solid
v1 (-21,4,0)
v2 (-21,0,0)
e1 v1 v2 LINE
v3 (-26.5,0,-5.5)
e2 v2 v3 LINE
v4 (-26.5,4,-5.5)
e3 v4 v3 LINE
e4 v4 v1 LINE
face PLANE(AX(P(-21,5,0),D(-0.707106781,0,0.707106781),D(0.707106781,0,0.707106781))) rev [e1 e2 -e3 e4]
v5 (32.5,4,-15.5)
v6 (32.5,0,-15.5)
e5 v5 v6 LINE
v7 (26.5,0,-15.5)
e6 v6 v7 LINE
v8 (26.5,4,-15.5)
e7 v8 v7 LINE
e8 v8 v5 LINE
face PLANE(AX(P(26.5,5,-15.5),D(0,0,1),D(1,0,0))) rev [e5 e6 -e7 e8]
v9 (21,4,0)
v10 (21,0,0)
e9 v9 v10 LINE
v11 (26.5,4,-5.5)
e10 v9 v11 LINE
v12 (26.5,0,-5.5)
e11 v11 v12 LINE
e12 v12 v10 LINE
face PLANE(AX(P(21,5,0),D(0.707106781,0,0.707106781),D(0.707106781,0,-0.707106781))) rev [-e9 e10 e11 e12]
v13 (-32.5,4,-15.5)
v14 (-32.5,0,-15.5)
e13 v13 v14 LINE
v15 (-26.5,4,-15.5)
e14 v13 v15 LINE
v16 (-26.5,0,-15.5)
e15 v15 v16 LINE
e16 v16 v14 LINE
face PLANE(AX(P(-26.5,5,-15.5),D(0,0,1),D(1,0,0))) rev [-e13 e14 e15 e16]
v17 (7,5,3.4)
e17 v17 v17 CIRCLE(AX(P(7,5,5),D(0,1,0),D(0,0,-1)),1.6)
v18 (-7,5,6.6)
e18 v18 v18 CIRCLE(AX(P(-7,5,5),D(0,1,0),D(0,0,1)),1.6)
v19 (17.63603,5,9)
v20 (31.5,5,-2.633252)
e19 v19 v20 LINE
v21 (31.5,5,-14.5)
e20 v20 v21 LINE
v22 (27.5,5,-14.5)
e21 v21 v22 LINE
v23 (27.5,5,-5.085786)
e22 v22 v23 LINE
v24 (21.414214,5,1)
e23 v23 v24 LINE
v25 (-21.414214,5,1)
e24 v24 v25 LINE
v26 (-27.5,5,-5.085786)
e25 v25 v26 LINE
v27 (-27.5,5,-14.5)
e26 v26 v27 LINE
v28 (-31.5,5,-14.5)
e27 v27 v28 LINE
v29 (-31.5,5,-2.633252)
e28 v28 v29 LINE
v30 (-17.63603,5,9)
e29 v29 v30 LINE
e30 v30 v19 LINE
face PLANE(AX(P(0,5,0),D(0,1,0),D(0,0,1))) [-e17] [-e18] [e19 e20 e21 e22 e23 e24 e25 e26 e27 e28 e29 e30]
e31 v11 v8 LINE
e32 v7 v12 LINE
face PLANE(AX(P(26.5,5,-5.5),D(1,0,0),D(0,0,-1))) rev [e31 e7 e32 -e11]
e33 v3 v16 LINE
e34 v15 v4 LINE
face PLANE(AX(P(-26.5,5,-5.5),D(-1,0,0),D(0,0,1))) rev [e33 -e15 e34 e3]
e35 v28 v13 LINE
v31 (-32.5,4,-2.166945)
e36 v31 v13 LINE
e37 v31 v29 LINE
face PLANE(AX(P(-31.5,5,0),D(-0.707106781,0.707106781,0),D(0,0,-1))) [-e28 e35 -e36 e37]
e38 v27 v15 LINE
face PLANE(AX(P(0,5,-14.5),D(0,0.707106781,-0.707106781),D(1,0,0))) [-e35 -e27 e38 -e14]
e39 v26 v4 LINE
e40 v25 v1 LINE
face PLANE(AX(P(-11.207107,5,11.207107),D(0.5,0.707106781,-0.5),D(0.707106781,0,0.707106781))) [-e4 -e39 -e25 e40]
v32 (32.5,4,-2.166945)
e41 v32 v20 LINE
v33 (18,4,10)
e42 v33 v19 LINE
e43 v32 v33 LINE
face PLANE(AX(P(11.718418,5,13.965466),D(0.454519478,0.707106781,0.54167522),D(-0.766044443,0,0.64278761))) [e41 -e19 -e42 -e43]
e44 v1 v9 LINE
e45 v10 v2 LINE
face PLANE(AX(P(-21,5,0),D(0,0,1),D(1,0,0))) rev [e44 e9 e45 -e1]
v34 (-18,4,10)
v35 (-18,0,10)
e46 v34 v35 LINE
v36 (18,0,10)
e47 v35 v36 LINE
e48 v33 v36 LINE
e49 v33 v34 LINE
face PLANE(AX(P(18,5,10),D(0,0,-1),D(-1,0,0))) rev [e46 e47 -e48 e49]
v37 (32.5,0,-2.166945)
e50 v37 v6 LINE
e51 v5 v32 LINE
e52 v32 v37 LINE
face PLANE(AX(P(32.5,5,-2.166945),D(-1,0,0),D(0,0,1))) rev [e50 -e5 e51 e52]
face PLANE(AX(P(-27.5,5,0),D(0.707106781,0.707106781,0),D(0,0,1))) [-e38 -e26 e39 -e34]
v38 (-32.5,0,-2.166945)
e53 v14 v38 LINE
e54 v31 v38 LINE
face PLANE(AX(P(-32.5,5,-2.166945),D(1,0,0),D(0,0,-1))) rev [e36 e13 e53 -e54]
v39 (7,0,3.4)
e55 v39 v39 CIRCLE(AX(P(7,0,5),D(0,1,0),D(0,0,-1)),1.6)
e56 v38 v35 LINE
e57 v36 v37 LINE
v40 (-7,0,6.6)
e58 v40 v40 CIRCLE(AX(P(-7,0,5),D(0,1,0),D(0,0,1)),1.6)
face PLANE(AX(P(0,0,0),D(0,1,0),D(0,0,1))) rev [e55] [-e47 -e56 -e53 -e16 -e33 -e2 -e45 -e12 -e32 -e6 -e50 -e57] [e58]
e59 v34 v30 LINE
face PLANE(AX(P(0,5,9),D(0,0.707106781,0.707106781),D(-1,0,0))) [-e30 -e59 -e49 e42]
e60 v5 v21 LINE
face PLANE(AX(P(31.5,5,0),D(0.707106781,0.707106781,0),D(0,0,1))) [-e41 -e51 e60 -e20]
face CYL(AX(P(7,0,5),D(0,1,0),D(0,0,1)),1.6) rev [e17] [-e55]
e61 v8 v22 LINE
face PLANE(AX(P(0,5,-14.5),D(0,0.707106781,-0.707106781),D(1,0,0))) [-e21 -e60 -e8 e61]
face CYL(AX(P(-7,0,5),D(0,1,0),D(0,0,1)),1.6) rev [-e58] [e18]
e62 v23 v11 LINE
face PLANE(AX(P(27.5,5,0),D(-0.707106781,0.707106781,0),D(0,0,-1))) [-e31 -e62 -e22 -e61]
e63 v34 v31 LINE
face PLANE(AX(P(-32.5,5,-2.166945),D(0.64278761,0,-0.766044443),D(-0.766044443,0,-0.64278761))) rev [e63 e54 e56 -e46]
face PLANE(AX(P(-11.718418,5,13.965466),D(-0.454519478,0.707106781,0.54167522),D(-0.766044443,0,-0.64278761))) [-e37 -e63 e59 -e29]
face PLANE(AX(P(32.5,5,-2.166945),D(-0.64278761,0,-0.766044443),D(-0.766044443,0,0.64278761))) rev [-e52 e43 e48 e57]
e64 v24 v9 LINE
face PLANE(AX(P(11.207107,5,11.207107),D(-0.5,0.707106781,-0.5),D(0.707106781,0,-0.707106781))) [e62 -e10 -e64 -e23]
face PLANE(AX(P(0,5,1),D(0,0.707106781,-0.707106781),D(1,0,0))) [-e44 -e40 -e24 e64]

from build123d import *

# Parameters (mm, degrees)
EXTRUDE_1_DEPTH     = 5
SKETCH_7_R          = 1.6
CUT_EXTRUDE_1_DEPTH = 6
CHAMFER_1_SIZE      = 1


with BuildPart() as part:
    # 草图1 → 凸台-拉伸1 (new body)
    with BuildSketch(Plane(origin=(0, 0, 0), x_dir=(1, 0, 0), z_dir=(0, 1, 0))):
        Polygon((-21, 0), (21, 0), (26.5, 5.5), (26.5, 15.5), (32.5, 15.5), (32.5, 2.166944652), (18, -10), (-18, -10), (-32.5, 2.166944652), (-32.5, 15.5), (-26.5, 15.5), (-26.5, 5.5), align=None)
    extrude(amount=EXTRUDE_1_DEPTH)

    # 草图7 → 切除-拉伸1 (cut, through all)
    with BuildSketch(Plane(origin=(0, 5, 0), x_dir=(1, 0, 0), z_dir=(0, 1, 0))):
        with Locations((-7, -5)):
            Circle(SKETCH_7_R)
        with Locations((7, -5)):
            Circle(SKETCH_7_R)
    extrude(amount=-CUT_EXTRUDE_1_DEPTH, mode=Mode.SUBTRACT)

    # 倒角1
    chamfer_1_edges = [part.edges().sort_by_distance(p)[0] for p in [
        (-23.75, 5, -2.75),
        (-26.5, 5, -10.5),
        (-29.5, 5, -15.5),
        (-32.5, 5, -8.833472326),
        (-25.25, 5, 3.916527674),
        (0, 5, 10),
        (25.25, 5, 3.916527674),
        (32.5, 5, -8.833472326),
        (29.5, 5, -15.5),
        (26.5, 5, -10.5),
        (23.75, 5, -2.75),
        (0, 5, 0),
    ]]
    chamfer(chamfer_1_edges, length=CHAMFER_1_SIZE)


solid = part.part
